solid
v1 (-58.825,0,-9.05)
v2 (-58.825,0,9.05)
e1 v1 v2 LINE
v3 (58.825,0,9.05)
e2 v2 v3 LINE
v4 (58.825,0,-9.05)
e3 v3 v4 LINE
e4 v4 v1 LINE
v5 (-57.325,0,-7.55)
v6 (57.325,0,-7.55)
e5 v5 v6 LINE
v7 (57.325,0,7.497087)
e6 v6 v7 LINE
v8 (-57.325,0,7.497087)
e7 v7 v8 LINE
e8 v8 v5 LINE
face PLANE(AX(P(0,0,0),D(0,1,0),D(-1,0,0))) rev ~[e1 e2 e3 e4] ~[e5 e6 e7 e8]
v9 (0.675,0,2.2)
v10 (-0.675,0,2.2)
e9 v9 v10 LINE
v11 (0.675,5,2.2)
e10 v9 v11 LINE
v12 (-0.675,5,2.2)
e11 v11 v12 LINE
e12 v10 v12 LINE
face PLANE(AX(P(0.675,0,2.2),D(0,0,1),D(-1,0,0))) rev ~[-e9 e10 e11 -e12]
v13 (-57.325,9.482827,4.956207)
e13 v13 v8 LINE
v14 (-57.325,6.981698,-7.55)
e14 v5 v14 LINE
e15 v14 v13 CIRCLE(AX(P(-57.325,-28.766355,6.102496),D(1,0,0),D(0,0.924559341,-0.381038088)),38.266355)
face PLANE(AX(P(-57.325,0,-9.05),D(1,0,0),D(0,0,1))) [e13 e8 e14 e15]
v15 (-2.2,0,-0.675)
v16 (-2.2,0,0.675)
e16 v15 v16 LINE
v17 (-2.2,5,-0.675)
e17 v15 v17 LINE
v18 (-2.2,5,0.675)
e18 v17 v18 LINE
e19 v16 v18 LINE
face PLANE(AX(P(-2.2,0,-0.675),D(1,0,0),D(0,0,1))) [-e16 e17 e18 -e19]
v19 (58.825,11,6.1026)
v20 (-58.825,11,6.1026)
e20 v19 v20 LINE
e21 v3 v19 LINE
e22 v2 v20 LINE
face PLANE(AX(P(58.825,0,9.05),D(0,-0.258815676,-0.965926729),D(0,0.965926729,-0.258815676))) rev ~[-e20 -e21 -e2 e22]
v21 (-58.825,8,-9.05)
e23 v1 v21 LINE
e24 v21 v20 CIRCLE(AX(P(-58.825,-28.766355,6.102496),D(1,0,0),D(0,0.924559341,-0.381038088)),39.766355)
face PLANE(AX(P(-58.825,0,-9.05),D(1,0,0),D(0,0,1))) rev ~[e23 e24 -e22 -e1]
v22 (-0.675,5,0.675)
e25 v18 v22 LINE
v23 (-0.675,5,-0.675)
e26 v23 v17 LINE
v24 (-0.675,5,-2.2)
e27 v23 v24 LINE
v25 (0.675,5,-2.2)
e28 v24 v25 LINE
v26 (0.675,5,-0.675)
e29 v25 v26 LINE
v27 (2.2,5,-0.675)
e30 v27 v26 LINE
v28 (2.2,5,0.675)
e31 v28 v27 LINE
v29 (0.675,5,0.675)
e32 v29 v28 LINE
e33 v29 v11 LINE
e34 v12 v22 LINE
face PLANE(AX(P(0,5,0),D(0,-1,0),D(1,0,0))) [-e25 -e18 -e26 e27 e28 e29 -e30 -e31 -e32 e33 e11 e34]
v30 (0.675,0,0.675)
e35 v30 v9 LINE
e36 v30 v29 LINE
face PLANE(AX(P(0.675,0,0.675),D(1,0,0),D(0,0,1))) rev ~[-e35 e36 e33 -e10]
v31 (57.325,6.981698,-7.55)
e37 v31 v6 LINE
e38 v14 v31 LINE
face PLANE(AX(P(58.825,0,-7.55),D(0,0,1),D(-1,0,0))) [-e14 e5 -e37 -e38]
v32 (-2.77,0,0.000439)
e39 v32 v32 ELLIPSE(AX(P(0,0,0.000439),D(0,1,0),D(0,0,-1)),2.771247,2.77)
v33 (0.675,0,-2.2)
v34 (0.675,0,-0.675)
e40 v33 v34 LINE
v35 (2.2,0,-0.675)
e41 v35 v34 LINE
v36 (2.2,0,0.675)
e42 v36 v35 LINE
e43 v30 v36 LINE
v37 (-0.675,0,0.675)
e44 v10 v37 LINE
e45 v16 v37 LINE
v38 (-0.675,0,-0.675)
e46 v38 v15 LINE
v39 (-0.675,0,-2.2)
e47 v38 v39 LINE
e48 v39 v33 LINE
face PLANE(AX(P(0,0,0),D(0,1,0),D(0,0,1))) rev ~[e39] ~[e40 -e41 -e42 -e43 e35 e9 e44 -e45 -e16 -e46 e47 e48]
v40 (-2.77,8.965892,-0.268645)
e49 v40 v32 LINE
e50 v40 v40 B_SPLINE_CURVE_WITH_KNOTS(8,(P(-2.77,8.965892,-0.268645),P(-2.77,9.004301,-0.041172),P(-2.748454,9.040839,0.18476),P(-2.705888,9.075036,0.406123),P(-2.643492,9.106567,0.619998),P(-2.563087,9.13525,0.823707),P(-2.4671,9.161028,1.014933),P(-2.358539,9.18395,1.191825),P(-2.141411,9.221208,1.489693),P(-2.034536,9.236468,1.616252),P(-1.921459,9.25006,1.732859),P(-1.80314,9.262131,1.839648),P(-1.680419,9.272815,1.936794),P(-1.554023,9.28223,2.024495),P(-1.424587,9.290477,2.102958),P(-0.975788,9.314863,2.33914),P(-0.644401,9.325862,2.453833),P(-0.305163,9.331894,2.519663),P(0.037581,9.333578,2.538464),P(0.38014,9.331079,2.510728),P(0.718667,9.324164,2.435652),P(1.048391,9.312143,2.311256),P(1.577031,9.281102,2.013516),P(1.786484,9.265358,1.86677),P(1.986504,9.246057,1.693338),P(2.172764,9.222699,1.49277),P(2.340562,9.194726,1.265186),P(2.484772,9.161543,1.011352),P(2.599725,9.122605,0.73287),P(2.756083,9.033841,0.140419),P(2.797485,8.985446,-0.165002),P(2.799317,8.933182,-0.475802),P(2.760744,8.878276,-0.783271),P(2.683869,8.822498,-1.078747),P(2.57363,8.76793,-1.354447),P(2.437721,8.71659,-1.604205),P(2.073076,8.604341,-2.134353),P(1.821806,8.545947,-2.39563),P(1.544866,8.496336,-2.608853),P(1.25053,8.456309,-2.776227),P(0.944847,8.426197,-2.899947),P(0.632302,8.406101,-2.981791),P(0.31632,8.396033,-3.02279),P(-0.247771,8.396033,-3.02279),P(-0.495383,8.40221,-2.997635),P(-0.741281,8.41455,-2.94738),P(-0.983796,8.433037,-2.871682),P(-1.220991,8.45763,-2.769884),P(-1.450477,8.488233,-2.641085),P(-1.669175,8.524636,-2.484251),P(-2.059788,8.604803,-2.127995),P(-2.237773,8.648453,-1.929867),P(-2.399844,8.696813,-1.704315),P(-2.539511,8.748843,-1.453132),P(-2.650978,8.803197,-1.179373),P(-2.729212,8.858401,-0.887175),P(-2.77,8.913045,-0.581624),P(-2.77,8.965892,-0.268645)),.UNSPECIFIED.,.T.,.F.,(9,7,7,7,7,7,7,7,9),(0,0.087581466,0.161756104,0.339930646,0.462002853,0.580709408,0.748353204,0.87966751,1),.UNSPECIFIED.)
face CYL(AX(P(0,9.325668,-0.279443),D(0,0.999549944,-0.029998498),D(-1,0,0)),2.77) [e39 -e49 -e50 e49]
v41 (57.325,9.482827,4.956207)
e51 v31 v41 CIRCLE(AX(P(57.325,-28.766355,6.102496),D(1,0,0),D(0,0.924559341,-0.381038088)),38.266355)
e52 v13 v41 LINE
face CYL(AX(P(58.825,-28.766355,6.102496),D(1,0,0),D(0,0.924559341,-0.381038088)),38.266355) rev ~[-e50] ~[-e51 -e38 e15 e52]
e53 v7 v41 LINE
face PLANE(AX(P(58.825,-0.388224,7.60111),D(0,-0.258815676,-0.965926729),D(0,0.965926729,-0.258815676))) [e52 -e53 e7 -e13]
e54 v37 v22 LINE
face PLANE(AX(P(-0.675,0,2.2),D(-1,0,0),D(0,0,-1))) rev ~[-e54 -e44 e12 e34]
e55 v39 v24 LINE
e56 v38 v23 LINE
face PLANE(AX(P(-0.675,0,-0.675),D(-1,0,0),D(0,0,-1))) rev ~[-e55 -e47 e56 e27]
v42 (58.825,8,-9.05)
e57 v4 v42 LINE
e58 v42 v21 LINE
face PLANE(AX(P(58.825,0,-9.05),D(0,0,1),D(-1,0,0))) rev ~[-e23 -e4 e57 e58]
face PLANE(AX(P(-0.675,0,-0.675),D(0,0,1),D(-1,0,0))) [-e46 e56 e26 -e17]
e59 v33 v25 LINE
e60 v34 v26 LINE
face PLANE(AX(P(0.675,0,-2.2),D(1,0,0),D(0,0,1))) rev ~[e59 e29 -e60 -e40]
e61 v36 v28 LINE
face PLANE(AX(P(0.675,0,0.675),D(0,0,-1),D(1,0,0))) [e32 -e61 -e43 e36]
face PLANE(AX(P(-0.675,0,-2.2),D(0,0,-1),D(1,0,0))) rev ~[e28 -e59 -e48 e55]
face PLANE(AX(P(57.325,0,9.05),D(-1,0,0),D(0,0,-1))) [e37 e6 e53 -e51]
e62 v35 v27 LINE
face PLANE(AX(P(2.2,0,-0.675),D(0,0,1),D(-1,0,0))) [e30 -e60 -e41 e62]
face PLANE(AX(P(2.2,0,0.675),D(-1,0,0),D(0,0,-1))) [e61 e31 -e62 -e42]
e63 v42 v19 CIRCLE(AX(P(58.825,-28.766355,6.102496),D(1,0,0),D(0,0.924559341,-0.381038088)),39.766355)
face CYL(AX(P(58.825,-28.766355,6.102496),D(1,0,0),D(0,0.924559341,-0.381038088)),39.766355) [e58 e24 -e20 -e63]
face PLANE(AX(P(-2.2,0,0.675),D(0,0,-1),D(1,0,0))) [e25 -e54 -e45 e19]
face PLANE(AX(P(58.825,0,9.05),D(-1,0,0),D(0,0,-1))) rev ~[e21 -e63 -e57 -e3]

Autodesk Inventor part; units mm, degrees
ref_plane "YZ Plane" through (0, 0, 0) normal (1, 0, 0) x (0, 1, 0)
ref_plane "XZ Plane" through (0, 0, 0) normal (0, 1, 0) x (-1, 0, 0)
sketch "Spacebar base" plane through (0, 0, 0) normal (0, 1, 0) x (-1, 0, 0)
  line L0 (58.825, 9.05) -> (-58.825, 9.05)
  line L1 (-58.825, 9.05) -> (-58.825, -9.05)
  line L2 (-58.825, -9.05) -> (58.825, -9.05)
  line L3 (58.825, -9.05) -> (58.825, 9.05)
  line L4 (58.825, 9.05) -> (-58.825, -9.05) construction
  line L5 (-58.825, 9.05) -> (58.825, -9.05) construction
  point P0 (0, 0)
  dimension "d0" = 117.65
  dimension "d1" = 18.1
extrude "Spacebar Bulk" add sketch "Spacebar base" along normal blind 11
sketch "Curve Profile" plane through (58.825, 0, 9.05) normal (1, 0, 0) x (0, 0, -1)
  line L0 (0, 0) -> (18.1, 0) projected
  line L1 (0, 0) -> (2.9474, 11)
  line L2 (0, 11) -> (18.1, 11) projected
  line L3 (18.1, 0) -> (18.1, 11) projected
  arc A0 (18.1, 8) -> (2.9474, 11) centre (2.9474, -28.7667) ccw
  line L4 (0, 0) -> (0, 11) projected
  line L5 (18.1, 8) -> (18.1, 0)
  line L6 (18.1, 0) -> (0, 0)
  point P0 (9.05, 0)
  dimension "d4" = 15
  dimension "d9" = 8
extrude "Curve Cutaway" cut sketch "Curve Profile" against normal up to surface (117.65 mm away) contours L1 A0 L3 L0 keep common part
shell "Inner Shell" thickness 1.5 removed faces 1 at (19.6083, 0, 3.0167)
ref_plane "PoleBase Plane" through (57.325, 9.4828, 4.9562) normal (0, 0.9996, -0.03) x (-1, 0, 0)
sketch "Center Circle" plane through (57.325, 9.4828, 4.9562) normal (0, 0.9996, -0.03) x (-1, 0, 0)
  circle A0 centre (57.325, -5.238) radius 2.77
  dimension "d11" = 5.54
extrude "Pole Extrusion" add sketch "Center Circle" against normal up to surface surface through (0, 0, 0) normal (0, 1, 0)
sketch "Sketch4" plane through (0, 0, 0) normal (0, -1, 0) x (1, 0, 0)
  line L0 (-2.2, 0.675) -> (2.2, 0.675)
  line L1 (2.2, 0.675) -> (2.2, -0.675)
  line L2 (2.2, -0.675) -> (-2.2, -0.675)
  line L3 (-2.2, -0.675) -> (-2.2, 0.675)
  line L4 (-2.2, 0.675) -> (2.2, -0.675) construction
  line L5 (2.2, 0.675) -> (-2.2, -0.675) construction
  line L6 (0.675, 2.2) -> (-0.675, 2.2)
  line L7 (-0.675, 2.2) -> (-0.675, -2.2)
  line L8 (-0.675, -2.2) -> (0.675, -2.2)
  line L9 (0.675, -2.2) -> (0.675, 2.2)
  line L10 (0.675, 2.2) -> (-0.675, -2.2) construction
  line L11 (-0.675, 2.2) -> (0.675, -2.2) construction
  point P0 (0, 0)
  dimension "d14" = 4.4
  dimension "d15" = 1.35
  dimension "d16" = 1.35
  dimension "d17" = 4.4
extrude "Extrusion4" cut sketch "Sketch4" against normal blind 5
equation "\"d0\" = b_space"
equation "\"d1\" = k_width"
equation "\"d10\" = k_wthick"
equation "\"d11\" = k_poledia"
equation "\"d14\" = k_cmxl"
equation "\"d15\" = k_cmxw"
equation "\"d16\" = k_cmxw"
equation "\"d17\" = k_cmxl"
equation "\"k_width\" = 18.1"
equation "\"k_height\" = 18"
equation "\"k_height_t\" = 16"
equation "\"k_taper1\" = 1.5"
equation "\"k_taper2\" = 0.5"
equation "\"k_staper\" = 1"
equation "\"k_sradius\" = 4"
equation "\"k_ltaper\" = 1.5"
equation "\"k_lradius\" = 6"
equation "\"k_radius\" = 6"
equation "\"k_wthick\" = 1.5"
equation "\"k_ribthick\" = 1.5"
equation "\"k_ribheight\" = 5"
equation "\"k_poleoff\" = 2.2625"
equation "\"k_poledia\" = 5.54"
equation "\"k_cmxw\" = 1.35"
equation "\"k_cmxl\" = 4.4"
equation "\"s_bwidth\" = 15.6"
equation "\"s_poleh\" = 3.6"
equation "\"s_polebw\" = 5.5"
equation "\"s_polebl\" = 7"
equation "\"b_pad\" = 1"
equation "\"b_tab\" = 27.15"
equation "\"b_caps\" = 31.675"
equation "\"b_lshift\" = 40.725"
equation "\"b_rshift\" = 49.775"
equation "\"b_ctrl\" = 22.625"
equation "\"b_space\" = 117.65"
equation "\"b_width\" = 286.5"
equation "\"b_height\" = 77.4"
properties part number "spacebar-keycap_mockup_cherrymx"
